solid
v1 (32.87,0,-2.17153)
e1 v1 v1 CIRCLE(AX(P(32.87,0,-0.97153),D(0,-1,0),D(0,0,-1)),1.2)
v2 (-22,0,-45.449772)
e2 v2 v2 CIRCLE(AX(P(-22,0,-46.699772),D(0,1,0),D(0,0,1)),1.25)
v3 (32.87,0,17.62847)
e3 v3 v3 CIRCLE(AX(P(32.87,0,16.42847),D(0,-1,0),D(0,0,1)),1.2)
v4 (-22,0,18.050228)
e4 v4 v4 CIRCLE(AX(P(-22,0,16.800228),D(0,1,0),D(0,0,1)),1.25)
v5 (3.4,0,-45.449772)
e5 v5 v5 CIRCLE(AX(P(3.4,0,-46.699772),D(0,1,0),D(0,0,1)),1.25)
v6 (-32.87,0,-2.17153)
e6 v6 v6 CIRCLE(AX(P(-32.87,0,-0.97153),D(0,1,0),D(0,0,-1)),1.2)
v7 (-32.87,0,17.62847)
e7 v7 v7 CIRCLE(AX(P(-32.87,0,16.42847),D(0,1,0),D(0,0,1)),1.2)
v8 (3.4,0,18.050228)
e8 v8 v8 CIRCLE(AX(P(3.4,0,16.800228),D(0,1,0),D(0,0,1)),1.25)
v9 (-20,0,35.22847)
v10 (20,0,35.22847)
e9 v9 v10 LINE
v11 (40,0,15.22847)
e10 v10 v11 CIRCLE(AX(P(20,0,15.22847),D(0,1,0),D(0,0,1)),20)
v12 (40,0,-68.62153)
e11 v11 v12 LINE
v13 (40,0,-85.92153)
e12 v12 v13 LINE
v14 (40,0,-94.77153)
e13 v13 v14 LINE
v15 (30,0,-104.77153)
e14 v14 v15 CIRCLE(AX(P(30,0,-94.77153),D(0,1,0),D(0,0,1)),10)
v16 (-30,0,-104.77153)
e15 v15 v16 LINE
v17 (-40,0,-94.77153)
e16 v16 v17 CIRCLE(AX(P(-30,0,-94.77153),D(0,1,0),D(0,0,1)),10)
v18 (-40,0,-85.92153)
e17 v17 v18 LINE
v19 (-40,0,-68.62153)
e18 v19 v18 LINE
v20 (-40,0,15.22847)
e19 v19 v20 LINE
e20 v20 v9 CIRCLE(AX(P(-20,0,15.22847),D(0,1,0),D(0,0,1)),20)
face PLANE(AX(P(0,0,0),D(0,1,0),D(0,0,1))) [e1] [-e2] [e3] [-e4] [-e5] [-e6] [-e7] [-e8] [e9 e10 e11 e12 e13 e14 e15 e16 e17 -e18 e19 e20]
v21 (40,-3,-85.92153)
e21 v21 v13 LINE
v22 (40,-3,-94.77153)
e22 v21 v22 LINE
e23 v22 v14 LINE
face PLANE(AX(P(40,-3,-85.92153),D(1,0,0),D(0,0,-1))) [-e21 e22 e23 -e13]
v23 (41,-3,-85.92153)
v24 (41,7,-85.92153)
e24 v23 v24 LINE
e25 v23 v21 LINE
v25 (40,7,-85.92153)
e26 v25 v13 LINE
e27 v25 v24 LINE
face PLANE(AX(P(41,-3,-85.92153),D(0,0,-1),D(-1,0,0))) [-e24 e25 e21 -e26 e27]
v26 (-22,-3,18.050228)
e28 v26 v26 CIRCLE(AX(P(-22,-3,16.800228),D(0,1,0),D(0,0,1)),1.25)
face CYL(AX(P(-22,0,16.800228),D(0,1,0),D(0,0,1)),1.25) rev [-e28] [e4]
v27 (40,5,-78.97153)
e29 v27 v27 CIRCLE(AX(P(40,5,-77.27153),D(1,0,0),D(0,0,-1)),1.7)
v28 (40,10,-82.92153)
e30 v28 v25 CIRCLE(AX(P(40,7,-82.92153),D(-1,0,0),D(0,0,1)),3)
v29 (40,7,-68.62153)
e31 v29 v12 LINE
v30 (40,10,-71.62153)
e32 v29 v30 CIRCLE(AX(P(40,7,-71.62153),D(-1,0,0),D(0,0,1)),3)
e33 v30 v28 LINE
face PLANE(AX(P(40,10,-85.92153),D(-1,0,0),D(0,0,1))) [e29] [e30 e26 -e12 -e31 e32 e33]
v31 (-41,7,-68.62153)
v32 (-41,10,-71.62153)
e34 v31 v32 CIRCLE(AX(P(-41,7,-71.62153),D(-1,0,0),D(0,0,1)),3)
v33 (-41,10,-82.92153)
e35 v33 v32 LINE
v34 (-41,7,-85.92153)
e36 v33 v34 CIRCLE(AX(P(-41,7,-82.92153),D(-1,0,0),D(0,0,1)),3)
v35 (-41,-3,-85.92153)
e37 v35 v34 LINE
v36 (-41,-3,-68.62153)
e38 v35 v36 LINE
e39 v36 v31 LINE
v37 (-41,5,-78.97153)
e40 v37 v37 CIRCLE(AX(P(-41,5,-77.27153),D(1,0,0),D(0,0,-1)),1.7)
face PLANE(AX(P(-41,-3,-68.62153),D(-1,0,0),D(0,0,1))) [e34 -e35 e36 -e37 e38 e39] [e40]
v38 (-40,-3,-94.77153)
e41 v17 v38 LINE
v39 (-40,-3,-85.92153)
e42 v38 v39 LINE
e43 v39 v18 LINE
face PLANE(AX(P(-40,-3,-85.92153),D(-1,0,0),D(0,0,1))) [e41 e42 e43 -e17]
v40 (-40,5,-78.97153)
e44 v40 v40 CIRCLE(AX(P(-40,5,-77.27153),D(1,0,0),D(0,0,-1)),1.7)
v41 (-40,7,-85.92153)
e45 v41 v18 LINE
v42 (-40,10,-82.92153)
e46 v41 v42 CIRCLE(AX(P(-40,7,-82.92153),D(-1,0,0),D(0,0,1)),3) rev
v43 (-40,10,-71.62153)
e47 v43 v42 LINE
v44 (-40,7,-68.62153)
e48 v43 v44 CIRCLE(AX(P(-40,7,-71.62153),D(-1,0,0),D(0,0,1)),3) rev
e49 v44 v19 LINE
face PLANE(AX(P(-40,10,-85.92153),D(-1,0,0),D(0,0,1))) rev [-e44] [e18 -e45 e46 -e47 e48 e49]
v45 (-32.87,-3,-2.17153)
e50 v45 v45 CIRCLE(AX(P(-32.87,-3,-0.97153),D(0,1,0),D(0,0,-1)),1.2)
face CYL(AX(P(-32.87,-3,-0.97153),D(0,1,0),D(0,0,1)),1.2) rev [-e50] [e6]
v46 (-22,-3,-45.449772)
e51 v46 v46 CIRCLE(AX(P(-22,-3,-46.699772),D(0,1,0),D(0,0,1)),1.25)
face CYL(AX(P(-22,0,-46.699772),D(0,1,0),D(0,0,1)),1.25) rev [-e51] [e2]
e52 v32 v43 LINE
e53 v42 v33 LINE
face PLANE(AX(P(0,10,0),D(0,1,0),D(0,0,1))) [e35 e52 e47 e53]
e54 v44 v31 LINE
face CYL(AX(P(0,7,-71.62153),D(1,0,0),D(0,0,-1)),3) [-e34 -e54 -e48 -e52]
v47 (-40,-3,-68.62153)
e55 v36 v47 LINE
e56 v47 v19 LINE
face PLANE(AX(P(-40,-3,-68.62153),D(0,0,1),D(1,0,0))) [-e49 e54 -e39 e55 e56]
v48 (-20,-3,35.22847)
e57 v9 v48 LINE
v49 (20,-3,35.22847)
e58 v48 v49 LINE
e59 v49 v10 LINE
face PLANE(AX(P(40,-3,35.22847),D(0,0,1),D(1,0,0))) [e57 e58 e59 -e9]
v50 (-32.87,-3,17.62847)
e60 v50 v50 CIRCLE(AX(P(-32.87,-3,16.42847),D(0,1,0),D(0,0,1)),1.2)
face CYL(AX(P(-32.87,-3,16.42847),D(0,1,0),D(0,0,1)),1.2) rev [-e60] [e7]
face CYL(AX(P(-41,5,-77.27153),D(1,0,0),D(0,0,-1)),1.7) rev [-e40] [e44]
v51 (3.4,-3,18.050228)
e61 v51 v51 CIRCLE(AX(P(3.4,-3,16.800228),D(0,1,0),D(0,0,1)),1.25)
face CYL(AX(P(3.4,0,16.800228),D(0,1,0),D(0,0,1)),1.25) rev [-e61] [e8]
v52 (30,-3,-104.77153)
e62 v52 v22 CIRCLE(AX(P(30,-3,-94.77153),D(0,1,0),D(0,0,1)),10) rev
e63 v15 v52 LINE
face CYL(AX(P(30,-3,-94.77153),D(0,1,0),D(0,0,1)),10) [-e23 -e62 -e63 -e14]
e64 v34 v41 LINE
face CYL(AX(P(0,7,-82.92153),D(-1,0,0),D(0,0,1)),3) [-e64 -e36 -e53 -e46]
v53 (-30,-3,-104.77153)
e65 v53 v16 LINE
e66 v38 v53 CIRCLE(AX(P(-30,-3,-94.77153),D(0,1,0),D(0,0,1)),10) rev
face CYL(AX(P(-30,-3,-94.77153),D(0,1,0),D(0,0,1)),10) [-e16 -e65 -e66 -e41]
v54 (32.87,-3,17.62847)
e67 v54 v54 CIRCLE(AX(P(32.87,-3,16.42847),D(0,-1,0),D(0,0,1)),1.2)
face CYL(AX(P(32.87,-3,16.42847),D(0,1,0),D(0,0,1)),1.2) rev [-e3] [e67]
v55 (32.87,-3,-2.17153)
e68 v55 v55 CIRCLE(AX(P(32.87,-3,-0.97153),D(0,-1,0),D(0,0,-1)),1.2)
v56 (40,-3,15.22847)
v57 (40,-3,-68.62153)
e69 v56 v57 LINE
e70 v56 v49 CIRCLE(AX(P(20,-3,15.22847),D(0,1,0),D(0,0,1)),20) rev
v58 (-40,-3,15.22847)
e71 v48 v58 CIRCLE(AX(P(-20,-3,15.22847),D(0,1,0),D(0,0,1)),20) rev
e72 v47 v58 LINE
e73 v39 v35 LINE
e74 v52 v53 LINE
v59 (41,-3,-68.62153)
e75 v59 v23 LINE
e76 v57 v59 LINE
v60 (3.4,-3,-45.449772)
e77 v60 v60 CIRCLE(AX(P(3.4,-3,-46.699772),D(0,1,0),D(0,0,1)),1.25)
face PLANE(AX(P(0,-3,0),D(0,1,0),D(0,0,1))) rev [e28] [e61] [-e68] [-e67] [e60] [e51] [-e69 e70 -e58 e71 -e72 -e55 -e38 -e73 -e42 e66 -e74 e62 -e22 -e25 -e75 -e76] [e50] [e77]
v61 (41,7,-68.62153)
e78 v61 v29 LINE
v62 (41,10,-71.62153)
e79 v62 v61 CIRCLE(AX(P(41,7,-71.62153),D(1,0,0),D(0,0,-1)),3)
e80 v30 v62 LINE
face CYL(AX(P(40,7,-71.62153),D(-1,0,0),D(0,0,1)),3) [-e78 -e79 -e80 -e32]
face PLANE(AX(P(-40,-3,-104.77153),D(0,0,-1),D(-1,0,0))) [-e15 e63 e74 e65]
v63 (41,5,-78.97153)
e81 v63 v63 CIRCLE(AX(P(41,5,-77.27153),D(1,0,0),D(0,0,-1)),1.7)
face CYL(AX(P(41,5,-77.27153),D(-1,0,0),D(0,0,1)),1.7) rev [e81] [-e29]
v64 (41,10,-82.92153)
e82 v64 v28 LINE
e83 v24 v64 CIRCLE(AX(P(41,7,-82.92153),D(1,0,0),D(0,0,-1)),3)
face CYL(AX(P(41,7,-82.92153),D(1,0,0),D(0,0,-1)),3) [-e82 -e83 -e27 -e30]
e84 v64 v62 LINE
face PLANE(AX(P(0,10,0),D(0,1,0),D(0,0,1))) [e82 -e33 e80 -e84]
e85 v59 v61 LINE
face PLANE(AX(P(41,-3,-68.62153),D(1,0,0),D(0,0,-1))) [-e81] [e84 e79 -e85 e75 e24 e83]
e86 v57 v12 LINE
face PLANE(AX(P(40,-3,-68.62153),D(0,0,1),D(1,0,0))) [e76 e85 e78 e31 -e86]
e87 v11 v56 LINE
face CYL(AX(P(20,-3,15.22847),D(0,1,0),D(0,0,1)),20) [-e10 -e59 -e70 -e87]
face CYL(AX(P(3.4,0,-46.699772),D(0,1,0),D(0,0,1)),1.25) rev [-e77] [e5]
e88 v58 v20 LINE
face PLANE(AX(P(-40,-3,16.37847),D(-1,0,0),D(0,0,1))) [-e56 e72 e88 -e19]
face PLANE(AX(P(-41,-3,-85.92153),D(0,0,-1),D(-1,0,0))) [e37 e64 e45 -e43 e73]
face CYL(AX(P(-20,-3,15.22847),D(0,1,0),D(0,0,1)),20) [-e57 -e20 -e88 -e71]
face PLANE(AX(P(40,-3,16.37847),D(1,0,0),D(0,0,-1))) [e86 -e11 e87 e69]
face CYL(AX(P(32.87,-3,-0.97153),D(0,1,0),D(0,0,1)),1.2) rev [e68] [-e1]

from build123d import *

# Parameters (mm, degrees)
EXTRUDE_1_DEPTH        = 3
FILLET_1_R             = 20
FILLET_2_R             = 20
FILLET_3_R             = 10
SKETCH_2_R             = 1.2
CUT_EXTRUDE_1_DEPTH    = 113.548094016
SKETCH_5_W             = 1
SKETCH_5_H             = 17.3
EXTRUDE_2_DEPTH        = 10
SKETCH_7_R             = 1.7
CUT_EXTRUDE_2_DEPTH    = 133.80840887
FILLET_4_R             = 3
FILLET_4_OF_MIRROR_3_R = 3
HOLE_WIZARD_M3_1_D     = 2.5
HOLE_WIZARD_M3_1_DEPTH = 3
HOLE_WIZARD_M3_1_TIP   = 0.751075774


with BuildPart() as part:
    # 스케치1 → 보스-돌출1 (new body)
    with BuildSketch(Plane(origin=(0, 0, 0), x_dir=(1, 0, 0), z_dir=(0, 1, 0))):
        Polygon((40, -35.228470152), (-40, -35.228470152), (-40, -16.378470152), (-40, 68.621529848), (-41, 68.621529848), (-41, 85.921529848), (-40, 85.921529848), (-40, 104.771529848), (40, 104.771529848), (40, 85.921529848), (41, 85.921529848), (41, 68.621529848), (40, 68.621529848), (40, -16.378470152), align=None)
    extrude(amount=-EXTRUDE_1_DEPTH)

    # 필렛1
    fillet_1_edges = [part.edges().sort_by_distance(p)[0] for p in [
        (-40, -1.5, 35.228470152),
    ]]
    fillet(fillet_1_edges, radius=FILLET_1_R)

    # 필렛2
    fillet_2_edges = [part.edges().sort_by_distance(p)[0] for p in [
        (40, -1.5, 35.228470152),
    ]]
    fillet(fillet_2_edges, radius=FILLET_2_R)

    # 필렛3
    fillet_3_edges = [part.edges().sort_by_distance(p)[0] for p in [
        (-40, -1.5, -104.771529848),
        (40, -1.5, -104.771529848),
    ]]
    fillet(fillet_3_edges, radius=FILLET_3_R)

    # 스케치2 → 컷-돌출1 (cut, through all)
    with BuildSketch(Plane(origin=(0, 0, 0), x_dir=(1, 0, 0), z_dir=(0, 1, 0))):
        with Locations(Location((-32.87, -16.428470152, 0), (0, 0, 270))):
            Circle(SKETCH_2_R)
        with Locations(Location((-32.87, 0.971529848, 0), (0, 0, 90))):
            Circle(SKETCH_2_R)
    cut_extrude_1 = extrude(amount=-CUT_EXTRUDE_1_DEPTH, mode=Mode.SUBTRACT)

    # 대칭 복사1: 컷-돌출1 across plane
    add(cut_extrude_1.mirror(Plane(origin=(0, 0, 0), x_dir=(0, 0, 1), z_dir=(1, 0, 0))), mode=Mode.SUBTRACT)

    # 스케치5 → 보스-돌출2 (add)
    with BuildSketch(Plane(origin=(0, 0, 0), x_dir=(1, 0, 0), z_dir=(0, 1, 0))):
        with Locations((-40.5, 77.271529848)):
            Rectangle(SKETCH_5_W, SKETCH_5_H)
    extrude_2 = extrude(amount=EXTRUDE_2_DEPTH)

    # 스케치7 → 컷-돌출2 (cut, through all)
    with BuildSketch(Plane(origin=(-40, 0, 0), x_dir=(0, 0, -1), z_dir=(1, 0, 0))):
        with Locations((77.271529848, 5)):
            Circle(SKETCH_7_R)
    cut_extrude_2 = extrude(amount=-CUT_EXTRUDE_2_DEPTH, mode=Mode.SUBTRACT)

    # 필렛4
    fillet_4_edges = [part.edges().sort_by_distance(p)[0] for p in [
        (-40.5, 10, -68.621529848),
        (-40.5, 10, -85.921529848),
    ]]
    fillet(fillet_4_edges, radius=FILLET_4_R)

    # 대칭 복사3: 보스-돌출2, 컷-돌출2 across plane
    add(extrude_2.mirror(Plane(origin=(0, 0, 0), x_dir=(0, 0, 1), z_dir=(1, 0, 0))))
    add(cut_extrude_2.mirror(Plane(origin=(0, 0, 0), x_dir=(0, 0, 1), z_dir=(1, 0, 0))), mode=Mode.SUBTRACT)

    # 필렛4 of 대칭 복사3
    fillet_4_of_mirror_3_edges = [part.edges().sort_by_distance(p)[0] for p in [
        (40.5, 10, -68.621529848),
        (40.5, 10, -85.921529848),
    ]]
    fillet(fillet_4_of_mirror_3_edges, radius=FILLET_4_OF_MIRROR_3_R)

    # M3 탭을 위한 탭 드릴1
    with Locations(Plane(origin=(0, 0, 0), x_dir=(1, 0, 0), z_dir=(0, 1, 0))):
        with Locations((-22, -16.800227959), (3.4, -16.800227959), (3.4, 46.699772041), (-22, 46.699772041)):
            Hole(HOLE_WIZARD_M3_1_D / 2, depth=HOLE_WIZARD_M3_1_DEPTH)
            with Locations((0, 0, -(HOLE_WIZARD_M3_1_DEPTH + HOLE_WIZARD_M3_1_TIP / 2))):  # 118° drill point
                Cone(0, HOLE_WIZARD_M3_1_D / 2, HOLE_WIZARD_M3_1_TIP, mode=Mode.SUBTRACT)


solid = part.part
